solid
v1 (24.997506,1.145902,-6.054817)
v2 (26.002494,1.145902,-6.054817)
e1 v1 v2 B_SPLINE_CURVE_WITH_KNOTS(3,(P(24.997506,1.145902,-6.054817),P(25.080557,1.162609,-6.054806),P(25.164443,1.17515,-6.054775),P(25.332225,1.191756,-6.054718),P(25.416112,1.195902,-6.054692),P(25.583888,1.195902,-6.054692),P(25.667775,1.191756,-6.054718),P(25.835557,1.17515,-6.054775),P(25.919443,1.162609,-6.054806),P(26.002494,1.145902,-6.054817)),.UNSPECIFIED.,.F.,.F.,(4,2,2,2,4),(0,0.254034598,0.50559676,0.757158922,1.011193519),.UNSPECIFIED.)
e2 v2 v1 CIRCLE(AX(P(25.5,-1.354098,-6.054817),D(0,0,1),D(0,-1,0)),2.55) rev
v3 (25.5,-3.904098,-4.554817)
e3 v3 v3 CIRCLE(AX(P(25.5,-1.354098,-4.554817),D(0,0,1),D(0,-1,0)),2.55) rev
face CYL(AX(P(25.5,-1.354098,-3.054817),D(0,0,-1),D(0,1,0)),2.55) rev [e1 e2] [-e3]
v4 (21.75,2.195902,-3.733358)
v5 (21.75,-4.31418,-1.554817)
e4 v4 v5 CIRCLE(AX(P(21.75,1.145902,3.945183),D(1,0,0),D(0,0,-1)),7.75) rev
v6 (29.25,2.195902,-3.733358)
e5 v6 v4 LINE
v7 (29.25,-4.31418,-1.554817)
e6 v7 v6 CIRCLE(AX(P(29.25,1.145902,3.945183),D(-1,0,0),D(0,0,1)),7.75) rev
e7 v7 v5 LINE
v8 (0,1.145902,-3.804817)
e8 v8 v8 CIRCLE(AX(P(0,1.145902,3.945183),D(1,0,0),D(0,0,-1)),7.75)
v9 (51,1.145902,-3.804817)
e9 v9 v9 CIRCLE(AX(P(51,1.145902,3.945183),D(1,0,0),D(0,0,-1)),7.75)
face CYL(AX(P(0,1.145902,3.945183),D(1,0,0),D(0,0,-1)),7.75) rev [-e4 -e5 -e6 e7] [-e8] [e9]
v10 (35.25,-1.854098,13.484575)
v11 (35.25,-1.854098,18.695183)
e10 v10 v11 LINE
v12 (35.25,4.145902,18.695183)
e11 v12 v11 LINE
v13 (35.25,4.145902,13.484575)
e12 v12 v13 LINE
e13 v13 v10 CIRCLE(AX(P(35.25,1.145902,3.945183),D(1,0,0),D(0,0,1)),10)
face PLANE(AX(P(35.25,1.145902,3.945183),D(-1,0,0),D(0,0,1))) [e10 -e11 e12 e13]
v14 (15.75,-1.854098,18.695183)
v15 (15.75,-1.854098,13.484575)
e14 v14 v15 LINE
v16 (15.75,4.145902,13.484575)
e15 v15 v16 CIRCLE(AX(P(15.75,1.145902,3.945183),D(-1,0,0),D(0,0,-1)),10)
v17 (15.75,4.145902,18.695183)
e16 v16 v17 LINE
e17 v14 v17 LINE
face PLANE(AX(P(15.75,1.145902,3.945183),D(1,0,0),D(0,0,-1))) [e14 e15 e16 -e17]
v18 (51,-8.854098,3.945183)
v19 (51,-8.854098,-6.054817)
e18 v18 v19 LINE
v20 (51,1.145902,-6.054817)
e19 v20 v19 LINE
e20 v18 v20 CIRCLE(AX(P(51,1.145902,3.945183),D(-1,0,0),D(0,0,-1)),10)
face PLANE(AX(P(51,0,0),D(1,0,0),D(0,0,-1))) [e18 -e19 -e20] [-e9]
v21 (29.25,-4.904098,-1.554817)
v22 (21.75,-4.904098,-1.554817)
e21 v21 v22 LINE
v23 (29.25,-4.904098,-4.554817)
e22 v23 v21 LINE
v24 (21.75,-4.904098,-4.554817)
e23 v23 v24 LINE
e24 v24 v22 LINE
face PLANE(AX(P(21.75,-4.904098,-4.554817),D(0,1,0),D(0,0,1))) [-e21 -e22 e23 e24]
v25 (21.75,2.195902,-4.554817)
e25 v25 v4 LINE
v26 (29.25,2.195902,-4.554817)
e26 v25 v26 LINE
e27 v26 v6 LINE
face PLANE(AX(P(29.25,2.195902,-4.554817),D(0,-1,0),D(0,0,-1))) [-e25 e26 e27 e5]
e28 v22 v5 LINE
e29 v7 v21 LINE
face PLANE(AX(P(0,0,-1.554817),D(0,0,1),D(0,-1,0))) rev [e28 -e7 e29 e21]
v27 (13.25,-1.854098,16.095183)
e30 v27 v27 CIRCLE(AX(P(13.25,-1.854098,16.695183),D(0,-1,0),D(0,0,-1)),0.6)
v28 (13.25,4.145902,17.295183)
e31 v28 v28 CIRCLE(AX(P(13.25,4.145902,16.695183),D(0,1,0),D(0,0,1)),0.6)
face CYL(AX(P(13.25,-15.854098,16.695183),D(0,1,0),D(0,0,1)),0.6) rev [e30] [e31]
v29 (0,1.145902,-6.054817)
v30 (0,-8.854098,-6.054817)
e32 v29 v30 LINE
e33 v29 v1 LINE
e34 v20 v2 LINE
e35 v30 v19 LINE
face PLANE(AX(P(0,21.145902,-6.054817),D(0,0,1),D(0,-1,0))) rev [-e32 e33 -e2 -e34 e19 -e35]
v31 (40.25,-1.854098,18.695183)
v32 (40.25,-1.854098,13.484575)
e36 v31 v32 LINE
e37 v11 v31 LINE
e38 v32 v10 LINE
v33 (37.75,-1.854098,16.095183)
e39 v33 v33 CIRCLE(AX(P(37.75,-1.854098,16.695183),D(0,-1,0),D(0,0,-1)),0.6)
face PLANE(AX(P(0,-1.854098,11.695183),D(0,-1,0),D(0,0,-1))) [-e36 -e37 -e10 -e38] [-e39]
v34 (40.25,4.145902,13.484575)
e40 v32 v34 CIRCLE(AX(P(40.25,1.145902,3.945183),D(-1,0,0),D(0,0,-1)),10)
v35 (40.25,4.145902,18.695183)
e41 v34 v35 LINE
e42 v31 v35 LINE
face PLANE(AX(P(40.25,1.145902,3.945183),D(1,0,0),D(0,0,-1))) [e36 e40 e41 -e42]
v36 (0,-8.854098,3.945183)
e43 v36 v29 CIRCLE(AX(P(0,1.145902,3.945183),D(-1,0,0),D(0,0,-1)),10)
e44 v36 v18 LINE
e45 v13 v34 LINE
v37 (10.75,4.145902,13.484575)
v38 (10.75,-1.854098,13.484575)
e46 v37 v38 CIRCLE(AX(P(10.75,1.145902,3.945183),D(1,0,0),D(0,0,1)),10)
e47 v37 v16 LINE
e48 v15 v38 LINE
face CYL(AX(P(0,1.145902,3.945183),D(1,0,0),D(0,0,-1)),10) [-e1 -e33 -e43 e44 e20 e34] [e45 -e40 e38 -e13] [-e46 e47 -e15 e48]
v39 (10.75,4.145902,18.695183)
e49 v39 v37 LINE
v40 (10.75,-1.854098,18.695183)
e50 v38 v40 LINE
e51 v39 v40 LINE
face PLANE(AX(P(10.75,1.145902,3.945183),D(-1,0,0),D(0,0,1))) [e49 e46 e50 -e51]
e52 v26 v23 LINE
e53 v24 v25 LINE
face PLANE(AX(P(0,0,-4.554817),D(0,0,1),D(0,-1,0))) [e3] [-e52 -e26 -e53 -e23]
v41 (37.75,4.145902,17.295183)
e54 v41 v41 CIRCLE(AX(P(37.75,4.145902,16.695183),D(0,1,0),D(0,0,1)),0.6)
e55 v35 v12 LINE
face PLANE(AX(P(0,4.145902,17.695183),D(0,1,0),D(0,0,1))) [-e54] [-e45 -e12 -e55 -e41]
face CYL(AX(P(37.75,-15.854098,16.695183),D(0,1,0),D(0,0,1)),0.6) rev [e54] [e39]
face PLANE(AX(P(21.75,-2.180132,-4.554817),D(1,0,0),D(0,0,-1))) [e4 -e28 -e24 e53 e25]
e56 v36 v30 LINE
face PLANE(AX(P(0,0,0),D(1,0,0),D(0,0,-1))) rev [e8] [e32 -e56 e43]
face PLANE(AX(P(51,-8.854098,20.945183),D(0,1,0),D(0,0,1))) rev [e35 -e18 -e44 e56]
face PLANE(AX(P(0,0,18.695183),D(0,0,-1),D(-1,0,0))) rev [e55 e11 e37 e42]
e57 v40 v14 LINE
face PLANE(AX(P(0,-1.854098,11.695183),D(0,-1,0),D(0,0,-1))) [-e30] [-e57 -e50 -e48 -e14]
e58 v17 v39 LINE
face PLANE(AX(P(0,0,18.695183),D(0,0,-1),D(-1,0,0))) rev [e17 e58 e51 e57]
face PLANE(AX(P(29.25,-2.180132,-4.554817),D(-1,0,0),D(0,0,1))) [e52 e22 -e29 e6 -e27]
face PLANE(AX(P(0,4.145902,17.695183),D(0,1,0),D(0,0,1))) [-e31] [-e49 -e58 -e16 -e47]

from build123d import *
from build123d.topology import SkipClean

# Parameters (mm, degrees)
SKETCH1_W                = 34
SKETCH1_H                = 30
BOSS_EXTRUDE2_DEPTH      = 51
SKETCH3_R                = 2.55
CUT_EXTRUDE3_DEPTH       = 10
SKETCH5_R                = 7.75
CUT_EXTRUDE4_DEPTH       = 51
SKETCH6_W                = 7
SKETCH6_H                = 30
CUT_EXTRUDE6_DEPTH       = 51
CUT_EXTRUDE7_DEPTH       = 51
CUT_EXTRUDE9_DEPTH       = 1.5
CUT_EXTRUDE9_DEPTH_BACK  = 1.5
BOSS_EXTRUDE5_DEPTH      = 51
CUT_EXTRUDE10_DEPTH      = 13
CUT_EXTRUDE11_START      = -13
CUT_EXTRUDE11_DEPTH      = 13
SKETCH13_W               = 2
SKETCH13_H               = 6
CUT_EXTRUDE12_DEPTH      = 2
CUT_EXTRUDE13_DEPTH      = 13
CUT_EXTRUDE13_DEPTH_BACK = 11
BOSS_EXTRUDE6_DEPTH      = 2.25
BOSS_EXTRUDE7_DEPTH      = 2.25
BOSS_EXTRUDE8_DEPTH      = 2.25
BOSS_EXTRUDE9_DEPTH      = 2.25
SKETCH22_W               = 5
SKETCH22_H               = 6
BOSS_EXTRUDE10_DEPTH     = 1
SKETCH24_W               = 5
SKETCH24_H               = 6
BOSS_EXTRUDE11_DEPTH     = 1
SKETCH25_R               = 0.6
CUT_EXTRUDE14_DEPTH      = 20


with BuildPart() as part:
    # Sketch1 → Boss-Extrude2 (new body)
    with BuildSketch(Plane(origin=(0, 0, 0), x_dir=(0, 0, -1), z_dir=(1, 0, 0))):
        with Locations((-3.945183177, 6.145902028)):
            Rectangle(SKETCH1_W, SKETCH1_H)
    extrude(amount=BOSS_EXTRUDE2_DEPTH)

    # Sketch3 → Cut-Extrude3 (cut)
    with BuildSketch(Plane(origin=(0, 0, -13.054816823), x_dir=(-1, 0, 0), z_dir=(0, 0, -1))):
        with Locations((-25.5, -1.354097972)):
            Circle(SKETCH3_R)
    extrude(amount=-CUT_EXTRUDE3_DEPTH, mode=Mode.SUBTRACT)

    # Sketch5 → Cut-Extrude4 (cut)
    with BuildSketch(Plane(origin=(51, 0, 0), x_dir=(0, 0, -1), z_dir=(1, 0, 0))):
        with Locations((-3.945183177, 1.145902028)):
            Circle(SKETCH5_R)
    extrude(amount=-CUT_EXTRUDE4_DEPTH, mode=Mode.SUBTRACT)

    # Sketch6 → Cut-Extrude6 (cut)
    with BuildSketch(Plane(origin=(51, 0, 0), x_dir=(0, 0, -1), z_dir=(1, 0, 0))):
        with Locations((9.554816823, 6.145902028)):
            Rectangle(SKETCH6_W, SKETCH6_H)
    extrude(amount=-CUT_EXTRUDE6_DEPTH, mode=Mode.SUBTRACT)

    # Sketch7 → Cut-Extrude7 (cut)
    with BuildSketch(Plane(origin=(51, 0, 0), x_dir=(0, 0, -1), z_dir=(1, 0, 0))):
        with BuildLine():
            Line((-3.945183177, -8.854097972), (-20.945183177, -8.854097972))
            Line((-20.945183177, -8.854097972), (-20.945183177, 21.145902028))
            Line((-20.945183177, 21.145902028), (6.054816823, 21.145902028))
            Line((6.054816823, 21.145902028), (6.054816823, 1.145902028))
            ThreePointArc((6.054816823, 1.145902028), (-11.016250989, 8.21696984), (-3.945183177, -8.854097972))
        make_face()
    extrude(amount=-CUT_EXTRUDE7_DEPTH, mode=Mode.SUBTRACT)

    # Sketch8 → Cut-Extrude9 (cut, two sides: drawn at the far end of the back side and taken through both)
    with BuildSketch(Plane(origin=(0, 0, -3.054816823), x_dir=(-1, 0, 0), z_dir=(0, 0, -1)).offset(-CUT_EXTRUDE9_DEPTH_BACK)):
        Polygon((-21.75, -2.180131646), (-21.75, -4.904097972), (-29.25, -4.904097972), (-29.25, -2.180131646), (-29.25, 2.195902028), (-21.75, 2.195902028), align=None)
    extrude(amount=CUT_EXTRUDE9_DEPTH + CUT_EXTRUDE9_DEPTH_BACK, mode=Mode.SUBTRACT)

    # Sketch10 → Boss-Extrude5 (add)
    with BuildSketch(Plane(origin=(51, 0, 0), x_dir=(0, 0, -1), z_dir=(1, 0, 0))):
        Polygon((-17.695183177, 1.145902028), (-17.695183177, 4.145902028), (-11.695183177, 4.145902028), (-11.695183177, 1.145902028), (-11.695183177, -1.854097972), (-17.695183177, -1.854097972), align=None)
    extrude(amount=-BOSS_EXTRUDE5_DEPTH)

    # Sketch11 → Cut-Extrude10 (cut)
    with BuildSketch(Plane(origin=(51, 0, 0), x_dir=(0, 0, -1), z_dir=(1, 0, 0))):
        with BuildLine():
            Line((-13.484575191, -1.854097972), (-17.695183177, -1.854097972))
            Line((-17.695183177, -1.854097972), (-17.695183177, 4.145902028))
            Line((-17.695183177, 4.145902028), (-13.484575191, 4.145902028))
            ThreePointArc((-13.484575191, 4.145902028), (-13.945183177, 1.145902028), (-13.484575191, -1.854097972))
        make_face()
    extrude(amount=-CUT_EXTRUDE10_DEPTH, mode=Mode.SUBTRACT)

    # Sketch12 → Cut-Extrude11 (cut)
    with BuildSketch(Plane.ZY.offset(CUT_EXTRUDE11_START)):
        with BuildLine():
            Line((13.484575191, -1.854097972), (17.695183177, -1.854097972))
            Line((17.695183177, -1.854097972), (17.695183177, 4.145902028))
            Line((17.695183177, 4.145902028), (13.484575191, 4.145902028))
            ThreePointArc((13.484575191, 4.145902028), (13.945183177, 1.145902028), (13.484575191, -1.854097972))
        make_face()
    extrude(amount=CUT_EXTRUDE11_DEPTH, mode=Mode.SUBTRACT)

    # Sketch13 → Cut-Extrude12 (cut)
    with BuildSketch(Plane.XY.offset(17.695183177)):
        with Locations((25.5, 1.145902028)):
            Rectangle(SKETCH13_W, SKETCH13_H)
    extrude(amount=-CUT_EXTRUDE12_DEPTH, mode=Mode.SUBTRACT)

    # Sketch15 → Cut-Extrude13 (cut, two sides: drawn at the far end of the back side and taken through both)
    with SkipClean():  # the faces are left unmerged after this step: merging them gives an invalid solid
        with BuildSketch(Plane(origin=(24.5, 0, 0), x_dir=(0, 0, -1), z_dir=(1, 0, 0)).offset(-CUT_EXTRUDE13_DEPTH_BACK)):
            with BuildLine():
                Line((-17.695183177, 4.145902028), (-17.695183177, -1.854097972))
                Line((-17.695183177, -1.854097972), (-13.484575191, -1.854097972))
                ThreePointArc((-13.484575191, -1.854097972), (-13.945183177, 1.145902028), (-13.484575191, 4.145902028))
                Line((-13.484575191, 4.145902028), (-17.695183177, 4.145902028))
            make_face()
        extrude(amount=CUT_EXTRUDE13_DEPTH + CUT_EXTRUDE13_DEPTH_BACK, mode=Mode.SUBTRACT)

    # Sketch17 → Boss-Extrude6 (add)
    with SkipClean():  # the faces are left unmerged after this step: merging them gives an invalid solid
        with BuildSketch(Plane(origin=(38, 0, 0), x_dir=(0, 0, -1), z_dir=(1, 0, 0))):
            with BuildLine():
                Line((-13.484575191, 4.145902028), (-17.695183177, 4.145902028))
                Line((-17.695183177, 4.145902028), (-17.695183177, -1.854097972))
                Line((-17.695183177, -1.854097972), (-13.484575191, -1.854097972))
                ThreePointArc((-13.484575191, -1.854097972), (-13.945183177, 1.145902028), (-13.484575191, 4.145902028))
            make_face()
        extrude(amount=BOSS_EXTRUDE6_DEPTH)

    # Sketch19 → Boss-Extrude7 (add)
    with SkipClean():  # the faces are left unmerged after this step: merging them gives an invalid solid
        with BuildSketch(Plane.ZY.offset(-13)):
            with BuildLine():
                Line((13.484575191, 4.145902028), (17.695183177, 4.145902028))
                Line((17.695183177, 4.145902028), (17.695183177, -1.854097972))
                Line((17.695183177, -1.854097972), (13.484575191, -1.854097972))
                ThreePointArc((13.484575191, -1.854097972), (13.945183177, 1.145902028), (13.484575191, 4.145902028))
            make_face()
        extrude(amount=BOSS_EXTRUDE7_DEPTH)

    # Sketch20 → Boss-Extrude8 (add)
    with SkipClean():  # the faces are left unmerged after this step: merging them gives an invalid solid
        with BuildSketch(Plane(origin=(13.5, 0, 0), x_dir=(0, 0, -1), z_dir=(1, 0, 0))):
            with BuildLine():
                Line((-17.695183177, -1.854097972), (-17.695183177, 4.145902028))
                Line((-17.695183177, 4.145902028), (-13.484575191, 4.145902028))
                ThreePointArc((-13.484575191, 4.145902028), (-13.945183177, 1.145902028), (-13.484575191, -1.854097972))
                Line((-13.484575191, -1.854097972), (-17.695183177, -1.854097972))
            make_face()
        extrude(amount=BOSS_EXTRUDE8_DEPTH)

    # Sketch21 → Boss-Extrude9 (add)
    with SkipClean():  # the faces are left unmerged after this step: merging them gives an invalid solid
        with BuildSketch(Plane.ZY.offset(-37.5)):
            with BuildLine():
                Line((13.484575191, 4.145902028), (17.695183177, 4.145902028))
                Line((17.695183177, 4.145902028), (17.695183177, -1.854097972))
                Line((17.695183177, -1.854097972), (13.484575191, -1.854097972))
                ThreePointArc((13.484575191, -1.854097972), (13.945183177, 1.145902028), (13.484575191, 4.145902028))
            make_face()
        extrude(amount=BOSS_EXTRUDE9_DEPTH)

    # Sketch22 → Boss-Extrude10 (add)
    with SkipClean():  # the faces are left unmerged after this step: merging them gives an invalid solid
        with BuildSketch(Plane.XY.offset(17.695183177)):
            with Locations((37.75, 1.145902028)):
                Rectangle(SKETCH22_W, SKETCH22_H)
        extrude(amount=BOSS_EXTRUDE10_DEPTH)

    # Sketch24 → Boss-Extrude11 (add)
    with SkipClean():  # the faces are left unmerged after this step: merging them gives an invalid solid
        with BuildSketch(Plane.XY.offset(17.695183177)):
            with Locations((13.25, 1.145902028)):
                Rectangle(SKETCH24_W, SKETCH24_H)
        extrude(amount=BOSS_EXTRUDE11_DEPTH)

    # Sketch25 → Cut-Extrude14 (cut)
    with SkipClean():  # the faces are left unmerged after this step: merging them gives an invalid solid
        with BuildSketch(Plane(origin=(0, 4.145902028, 0), x_dir=(1, 0, 0), z_dir=(0, 1, 0))):
            with Locations((13.25, -16.695183177)):
                Circle(SKETCH25_R)
            with Locations((37.75, -16.695183177)):
                Circle(SKETCH25_R)
        extrude(amount=-CUT_EXTRUDE14_DEPTH, mode=Mode.SUBTRACT)


solid = part.part
